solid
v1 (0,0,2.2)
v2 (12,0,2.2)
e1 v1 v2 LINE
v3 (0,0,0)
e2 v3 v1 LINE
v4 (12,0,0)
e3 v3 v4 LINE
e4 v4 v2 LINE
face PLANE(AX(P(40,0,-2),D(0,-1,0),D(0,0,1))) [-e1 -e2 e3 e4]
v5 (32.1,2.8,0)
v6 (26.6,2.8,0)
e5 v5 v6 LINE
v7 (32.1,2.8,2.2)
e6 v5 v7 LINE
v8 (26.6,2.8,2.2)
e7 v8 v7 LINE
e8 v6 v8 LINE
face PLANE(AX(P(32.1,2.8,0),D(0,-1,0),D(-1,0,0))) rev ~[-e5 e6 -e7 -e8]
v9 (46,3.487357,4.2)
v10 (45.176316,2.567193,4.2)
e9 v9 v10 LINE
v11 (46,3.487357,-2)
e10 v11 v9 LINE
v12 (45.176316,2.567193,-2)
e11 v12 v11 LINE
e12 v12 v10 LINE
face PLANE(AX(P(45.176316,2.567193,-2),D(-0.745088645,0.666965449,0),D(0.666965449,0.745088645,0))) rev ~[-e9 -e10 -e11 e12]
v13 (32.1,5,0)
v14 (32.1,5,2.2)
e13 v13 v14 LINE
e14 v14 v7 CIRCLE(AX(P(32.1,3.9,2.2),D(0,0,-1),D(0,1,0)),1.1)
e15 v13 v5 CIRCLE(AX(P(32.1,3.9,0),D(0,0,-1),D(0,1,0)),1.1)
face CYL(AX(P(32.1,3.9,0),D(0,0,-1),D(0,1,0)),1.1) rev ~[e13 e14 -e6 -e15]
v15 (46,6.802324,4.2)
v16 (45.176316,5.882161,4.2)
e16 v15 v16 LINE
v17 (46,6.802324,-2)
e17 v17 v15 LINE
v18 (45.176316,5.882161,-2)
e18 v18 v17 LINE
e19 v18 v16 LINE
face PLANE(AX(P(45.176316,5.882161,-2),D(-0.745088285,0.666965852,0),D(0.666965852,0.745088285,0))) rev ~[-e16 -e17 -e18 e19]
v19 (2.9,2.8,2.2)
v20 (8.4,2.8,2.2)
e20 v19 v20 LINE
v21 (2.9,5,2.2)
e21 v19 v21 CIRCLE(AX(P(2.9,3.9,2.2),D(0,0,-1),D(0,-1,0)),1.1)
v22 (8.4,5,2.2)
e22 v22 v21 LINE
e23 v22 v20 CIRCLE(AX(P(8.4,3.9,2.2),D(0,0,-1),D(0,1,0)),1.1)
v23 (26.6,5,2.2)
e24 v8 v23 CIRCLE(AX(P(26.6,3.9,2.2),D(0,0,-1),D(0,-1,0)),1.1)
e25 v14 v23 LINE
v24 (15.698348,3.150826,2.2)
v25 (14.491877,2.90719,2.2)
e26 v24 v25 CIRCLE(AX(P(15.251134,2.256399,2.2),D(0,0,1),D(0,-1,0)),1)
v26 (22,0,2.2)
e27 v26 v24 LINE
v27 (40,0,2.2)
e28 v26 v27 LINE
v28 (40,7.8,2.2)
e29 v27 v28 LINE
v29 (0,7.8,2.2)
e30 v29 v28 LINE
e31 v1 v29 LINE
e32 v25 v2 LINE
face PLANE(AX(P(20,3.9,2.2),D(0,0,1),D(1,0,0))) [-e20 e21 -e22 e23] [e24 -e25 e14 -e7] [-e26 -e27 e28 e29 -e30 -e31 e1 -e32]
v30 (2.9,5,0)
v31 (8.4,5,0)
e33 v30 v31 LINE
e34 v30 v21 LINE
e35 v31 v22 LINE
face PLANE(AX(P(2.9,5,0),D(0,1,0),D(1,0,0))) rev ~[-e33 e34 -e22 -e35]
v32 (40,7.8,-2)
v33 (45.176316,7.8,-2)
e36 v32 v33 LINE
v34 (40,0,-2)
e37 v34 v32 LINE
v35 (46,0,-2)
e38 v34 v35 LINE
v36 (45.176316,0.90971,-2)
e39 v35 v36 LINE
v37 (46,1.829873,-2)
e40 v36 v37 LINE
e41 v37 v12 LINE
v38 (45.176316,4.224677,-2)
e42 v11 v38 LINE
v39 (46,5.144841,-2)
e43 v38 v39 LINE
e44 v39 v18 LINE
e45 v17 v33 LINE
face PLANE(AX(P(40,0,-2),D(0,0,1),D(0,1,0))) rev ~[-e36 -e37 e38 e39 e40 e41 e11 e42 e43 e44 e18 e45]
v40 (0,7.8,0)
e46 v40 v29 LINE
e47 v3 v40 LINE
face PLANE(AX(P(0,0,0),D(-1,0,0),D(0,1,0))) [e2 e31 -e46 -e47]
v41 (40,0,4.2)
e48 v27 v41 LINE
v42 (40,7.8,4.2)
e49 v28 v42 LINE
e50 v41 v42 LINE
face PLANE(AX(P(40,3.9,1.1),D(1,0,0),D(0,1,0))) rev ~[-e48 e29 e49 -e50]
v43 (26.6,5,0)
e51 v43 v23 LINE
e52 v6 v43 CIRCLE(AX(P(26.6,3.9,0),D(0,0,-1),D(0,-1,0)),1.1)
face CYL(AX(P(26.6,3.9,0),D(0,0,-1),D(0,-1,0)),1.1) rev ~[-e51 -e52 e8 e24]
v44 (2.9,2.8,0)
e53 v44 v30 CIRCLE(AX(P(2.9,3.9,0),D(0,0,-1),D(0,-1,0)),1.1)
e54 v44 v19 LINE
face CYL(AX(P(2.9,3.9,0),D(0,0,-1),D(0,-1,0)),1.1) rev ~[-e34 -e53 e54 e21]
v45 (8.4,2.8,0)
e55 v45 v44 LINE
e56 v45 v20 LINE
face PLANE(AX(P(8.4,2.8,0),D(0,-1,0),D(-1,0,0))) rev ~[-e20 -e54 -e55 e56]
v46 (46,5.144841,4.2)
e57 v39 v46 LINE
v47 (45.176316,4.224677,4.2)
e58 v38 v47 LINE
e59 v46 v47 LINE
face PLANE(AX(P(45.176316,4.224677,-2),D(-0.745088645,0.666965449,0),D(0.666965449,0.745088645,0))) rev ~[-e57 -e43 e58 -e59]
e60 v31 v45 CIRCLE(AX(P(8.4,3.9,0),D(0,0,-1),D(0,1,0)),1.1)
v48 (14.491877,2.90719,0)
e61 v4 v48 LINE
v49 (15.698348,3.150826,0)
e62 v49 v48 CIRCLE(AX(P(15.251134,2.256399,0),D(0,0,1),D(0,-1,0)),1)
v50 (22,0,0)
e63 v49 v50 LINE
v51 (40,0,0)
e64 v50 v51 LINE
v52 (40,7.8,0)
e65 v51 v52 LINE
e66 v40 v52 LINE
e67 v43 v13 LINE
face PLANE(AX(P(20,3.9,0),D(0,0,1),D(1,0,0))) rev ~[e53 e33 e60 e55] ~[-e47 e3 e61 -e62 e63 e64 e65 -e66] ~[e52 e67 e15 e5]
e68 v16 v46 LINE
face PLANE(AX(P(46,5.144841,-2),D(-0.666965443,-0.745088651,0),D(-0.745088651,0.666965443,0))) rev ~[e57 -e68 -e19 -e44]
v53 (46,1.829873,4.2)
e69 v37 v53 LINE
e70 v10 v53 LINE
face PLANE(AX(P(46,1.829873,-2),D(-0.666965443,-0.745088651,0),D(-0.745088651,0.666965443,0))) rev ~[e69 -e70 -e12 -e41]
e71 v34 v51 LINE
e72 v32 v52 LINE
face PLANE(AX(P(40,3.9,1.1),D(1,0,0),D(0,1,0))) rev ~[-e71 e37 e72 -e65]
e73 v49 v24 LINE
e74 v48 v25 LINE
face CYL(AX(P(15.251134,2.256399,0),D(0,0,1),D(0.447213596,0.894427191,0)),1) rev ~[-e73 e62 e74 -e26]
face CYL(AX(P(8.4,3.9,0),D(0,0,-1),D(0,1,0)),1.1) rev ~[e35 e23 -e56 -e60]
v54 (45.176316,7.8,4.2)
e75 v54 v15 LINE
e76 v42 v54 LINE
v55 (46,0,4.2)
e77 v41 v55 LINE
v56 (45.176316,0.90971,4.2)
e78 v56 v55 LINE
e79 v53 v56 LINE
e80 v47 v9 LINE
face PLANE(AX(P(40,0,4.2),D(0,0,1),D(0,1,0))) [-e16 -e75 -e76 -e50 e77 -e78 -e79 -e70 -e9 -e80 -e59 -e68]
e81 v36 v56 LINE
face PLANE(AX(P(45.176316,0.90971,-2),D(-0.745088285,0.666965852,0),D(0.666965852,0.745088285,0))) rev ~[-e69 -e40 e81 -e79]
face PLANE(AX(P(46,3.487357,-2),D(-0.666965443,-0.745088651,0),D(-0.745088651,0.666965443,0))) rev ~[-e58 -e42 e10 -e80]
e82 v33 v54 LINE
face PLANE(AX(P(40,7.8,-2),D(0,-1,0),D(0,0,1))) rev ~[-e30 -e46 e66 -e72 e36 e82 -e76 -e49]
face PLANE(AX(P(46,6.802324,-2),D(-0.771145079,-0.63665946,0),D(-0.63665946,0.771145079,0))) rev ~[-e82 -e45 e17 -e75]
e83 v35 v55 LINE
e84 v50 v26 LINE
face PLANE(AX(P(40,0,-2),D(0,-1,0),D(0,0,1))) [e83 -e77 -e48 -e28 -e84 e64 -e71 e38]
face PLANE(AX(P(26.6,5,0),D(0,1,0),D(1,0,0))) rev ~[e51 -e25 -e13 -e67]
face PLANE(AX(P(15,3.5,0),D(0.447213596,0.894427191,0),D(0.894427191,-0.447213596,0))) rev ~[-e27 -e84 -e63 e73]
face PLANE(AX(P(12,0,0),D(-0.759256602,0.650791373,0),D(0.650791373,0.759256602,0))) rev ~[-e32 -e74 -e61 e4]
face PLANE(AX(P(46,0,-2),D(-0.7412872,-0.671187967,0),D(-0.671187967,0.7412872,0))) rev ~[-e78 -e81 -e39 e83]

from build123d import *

# Parameters (mm, degrees)
F0_W      = 40
F0_H      = 7.8
F1_DEPTH  = 2.2
F2_W      = 7.8
F2_H      = 6.2
F3_DEPTH  = 6
F5_DEPTH  = 25
F7_DEPTH  = 25
F8_R      = 1
F10_DEPTH = 25
F12_DEPTH = 25


with BuildPart() as f1:
    # F0 (on Top) → F1 (new body)
    with BuildSketch(Plane.XY):
        with Locations((20, 3.9)):
            Rectangle(F0_W, F0_H)
    extrude(amount=F1_DEPTH)

    # F2 (on face) → F3 (join)
    with BuildSketch(Plane.YZ.offset(40)):
        with Locations((3.9, 1.1)):
            Rectangle(F2_W, F2_H)
    extrude(amount=F3_DEPTH)

    # F4 (on face) → F5 (cut)
    with BuildSketch(Plane(origin=(0, 0, -2), x_dir=(1, 0, 0), z_dir=(0, 0, -1))):
        Polygon((46, -1.829873), (46, 0), (45.176316, -0.90971), align=None)
        Polygon((46, -7.8), (46, -6.802324), (45.176316, -7.8), align=None)
        Polygon((46, -6.802324), (46, -5.144841), (45.176316, -5.882161), align=None)
        Polygon((46, -5.144841), (46, -3.487357), (45.176316, -4.224677), align=None)
        Polygon((46, -3.487357), (46, -1.829873), (45.176316, -2.567193), align=None)
    extrude(amount=-F5_DEPTH, mode=Mode.SUBTRACT)

    # F6 (on face) → F7 (cut)
    with BuildSketch(Plane(origin=(0, 0, 0), x_dir=(1, 0, 0), z_dir=(0, 0, -1))):
        Polygon((12, 0), (15, -3.5), (22, 0), align=None)
    extrude(amount=-F7_DEPTH, mode=Mode.SUBTRACT)

    # F8
    f8_edges = [f1.edges().sort_by_distance(p)[0] for p in [
        (15, 3.5, 1.1),
    ]]
    fillet(f8_edges, radius=F8_R)

    # F9 (on face) → F10 (cut)
    with BuildSketch(Plane(origin=(0, 0, 0), x_dir=(1, 0, 0), z_dir=(0, 0, -1))):
        with BuildLine():
            Line((8.4, -2.8), (2.9, -2.8))
            ThreePointArc((2.9, -2.8), (1.8, -3.9), (2.9, -5))
            Line((2.9, -5), (8.4, -5))
            ThreePointArc((8.4, -5), (9.5, -3.9), (8.4, -2.8))
        make_face()
    extrude(amount=-F10_DEPTH, mode=Mode.SUBTRACT)

    # F11 (on face) → F12 (cut)
    with BuildSketch(Plane(origin=(0, 0, 0), x_dir=(1, 0, 0), z_dir=(0, 0, -1))):
        with BuildLine():
            Line((32.1, -2.8), (26.6, -2.8))
            ThreePointArc((26.6, -2.8), (25.5, -3.9), (26.6, -5))
            Line((26.6, -5), (32.1, -5))
            ThreePointArc((32.1, -5), (33.2, -3.9), (32.1, -2.8))
        make_face()
    extrude(amount=-F12_DEPTH, mode=Mode.SUBTRACT)


solid = f1.part
